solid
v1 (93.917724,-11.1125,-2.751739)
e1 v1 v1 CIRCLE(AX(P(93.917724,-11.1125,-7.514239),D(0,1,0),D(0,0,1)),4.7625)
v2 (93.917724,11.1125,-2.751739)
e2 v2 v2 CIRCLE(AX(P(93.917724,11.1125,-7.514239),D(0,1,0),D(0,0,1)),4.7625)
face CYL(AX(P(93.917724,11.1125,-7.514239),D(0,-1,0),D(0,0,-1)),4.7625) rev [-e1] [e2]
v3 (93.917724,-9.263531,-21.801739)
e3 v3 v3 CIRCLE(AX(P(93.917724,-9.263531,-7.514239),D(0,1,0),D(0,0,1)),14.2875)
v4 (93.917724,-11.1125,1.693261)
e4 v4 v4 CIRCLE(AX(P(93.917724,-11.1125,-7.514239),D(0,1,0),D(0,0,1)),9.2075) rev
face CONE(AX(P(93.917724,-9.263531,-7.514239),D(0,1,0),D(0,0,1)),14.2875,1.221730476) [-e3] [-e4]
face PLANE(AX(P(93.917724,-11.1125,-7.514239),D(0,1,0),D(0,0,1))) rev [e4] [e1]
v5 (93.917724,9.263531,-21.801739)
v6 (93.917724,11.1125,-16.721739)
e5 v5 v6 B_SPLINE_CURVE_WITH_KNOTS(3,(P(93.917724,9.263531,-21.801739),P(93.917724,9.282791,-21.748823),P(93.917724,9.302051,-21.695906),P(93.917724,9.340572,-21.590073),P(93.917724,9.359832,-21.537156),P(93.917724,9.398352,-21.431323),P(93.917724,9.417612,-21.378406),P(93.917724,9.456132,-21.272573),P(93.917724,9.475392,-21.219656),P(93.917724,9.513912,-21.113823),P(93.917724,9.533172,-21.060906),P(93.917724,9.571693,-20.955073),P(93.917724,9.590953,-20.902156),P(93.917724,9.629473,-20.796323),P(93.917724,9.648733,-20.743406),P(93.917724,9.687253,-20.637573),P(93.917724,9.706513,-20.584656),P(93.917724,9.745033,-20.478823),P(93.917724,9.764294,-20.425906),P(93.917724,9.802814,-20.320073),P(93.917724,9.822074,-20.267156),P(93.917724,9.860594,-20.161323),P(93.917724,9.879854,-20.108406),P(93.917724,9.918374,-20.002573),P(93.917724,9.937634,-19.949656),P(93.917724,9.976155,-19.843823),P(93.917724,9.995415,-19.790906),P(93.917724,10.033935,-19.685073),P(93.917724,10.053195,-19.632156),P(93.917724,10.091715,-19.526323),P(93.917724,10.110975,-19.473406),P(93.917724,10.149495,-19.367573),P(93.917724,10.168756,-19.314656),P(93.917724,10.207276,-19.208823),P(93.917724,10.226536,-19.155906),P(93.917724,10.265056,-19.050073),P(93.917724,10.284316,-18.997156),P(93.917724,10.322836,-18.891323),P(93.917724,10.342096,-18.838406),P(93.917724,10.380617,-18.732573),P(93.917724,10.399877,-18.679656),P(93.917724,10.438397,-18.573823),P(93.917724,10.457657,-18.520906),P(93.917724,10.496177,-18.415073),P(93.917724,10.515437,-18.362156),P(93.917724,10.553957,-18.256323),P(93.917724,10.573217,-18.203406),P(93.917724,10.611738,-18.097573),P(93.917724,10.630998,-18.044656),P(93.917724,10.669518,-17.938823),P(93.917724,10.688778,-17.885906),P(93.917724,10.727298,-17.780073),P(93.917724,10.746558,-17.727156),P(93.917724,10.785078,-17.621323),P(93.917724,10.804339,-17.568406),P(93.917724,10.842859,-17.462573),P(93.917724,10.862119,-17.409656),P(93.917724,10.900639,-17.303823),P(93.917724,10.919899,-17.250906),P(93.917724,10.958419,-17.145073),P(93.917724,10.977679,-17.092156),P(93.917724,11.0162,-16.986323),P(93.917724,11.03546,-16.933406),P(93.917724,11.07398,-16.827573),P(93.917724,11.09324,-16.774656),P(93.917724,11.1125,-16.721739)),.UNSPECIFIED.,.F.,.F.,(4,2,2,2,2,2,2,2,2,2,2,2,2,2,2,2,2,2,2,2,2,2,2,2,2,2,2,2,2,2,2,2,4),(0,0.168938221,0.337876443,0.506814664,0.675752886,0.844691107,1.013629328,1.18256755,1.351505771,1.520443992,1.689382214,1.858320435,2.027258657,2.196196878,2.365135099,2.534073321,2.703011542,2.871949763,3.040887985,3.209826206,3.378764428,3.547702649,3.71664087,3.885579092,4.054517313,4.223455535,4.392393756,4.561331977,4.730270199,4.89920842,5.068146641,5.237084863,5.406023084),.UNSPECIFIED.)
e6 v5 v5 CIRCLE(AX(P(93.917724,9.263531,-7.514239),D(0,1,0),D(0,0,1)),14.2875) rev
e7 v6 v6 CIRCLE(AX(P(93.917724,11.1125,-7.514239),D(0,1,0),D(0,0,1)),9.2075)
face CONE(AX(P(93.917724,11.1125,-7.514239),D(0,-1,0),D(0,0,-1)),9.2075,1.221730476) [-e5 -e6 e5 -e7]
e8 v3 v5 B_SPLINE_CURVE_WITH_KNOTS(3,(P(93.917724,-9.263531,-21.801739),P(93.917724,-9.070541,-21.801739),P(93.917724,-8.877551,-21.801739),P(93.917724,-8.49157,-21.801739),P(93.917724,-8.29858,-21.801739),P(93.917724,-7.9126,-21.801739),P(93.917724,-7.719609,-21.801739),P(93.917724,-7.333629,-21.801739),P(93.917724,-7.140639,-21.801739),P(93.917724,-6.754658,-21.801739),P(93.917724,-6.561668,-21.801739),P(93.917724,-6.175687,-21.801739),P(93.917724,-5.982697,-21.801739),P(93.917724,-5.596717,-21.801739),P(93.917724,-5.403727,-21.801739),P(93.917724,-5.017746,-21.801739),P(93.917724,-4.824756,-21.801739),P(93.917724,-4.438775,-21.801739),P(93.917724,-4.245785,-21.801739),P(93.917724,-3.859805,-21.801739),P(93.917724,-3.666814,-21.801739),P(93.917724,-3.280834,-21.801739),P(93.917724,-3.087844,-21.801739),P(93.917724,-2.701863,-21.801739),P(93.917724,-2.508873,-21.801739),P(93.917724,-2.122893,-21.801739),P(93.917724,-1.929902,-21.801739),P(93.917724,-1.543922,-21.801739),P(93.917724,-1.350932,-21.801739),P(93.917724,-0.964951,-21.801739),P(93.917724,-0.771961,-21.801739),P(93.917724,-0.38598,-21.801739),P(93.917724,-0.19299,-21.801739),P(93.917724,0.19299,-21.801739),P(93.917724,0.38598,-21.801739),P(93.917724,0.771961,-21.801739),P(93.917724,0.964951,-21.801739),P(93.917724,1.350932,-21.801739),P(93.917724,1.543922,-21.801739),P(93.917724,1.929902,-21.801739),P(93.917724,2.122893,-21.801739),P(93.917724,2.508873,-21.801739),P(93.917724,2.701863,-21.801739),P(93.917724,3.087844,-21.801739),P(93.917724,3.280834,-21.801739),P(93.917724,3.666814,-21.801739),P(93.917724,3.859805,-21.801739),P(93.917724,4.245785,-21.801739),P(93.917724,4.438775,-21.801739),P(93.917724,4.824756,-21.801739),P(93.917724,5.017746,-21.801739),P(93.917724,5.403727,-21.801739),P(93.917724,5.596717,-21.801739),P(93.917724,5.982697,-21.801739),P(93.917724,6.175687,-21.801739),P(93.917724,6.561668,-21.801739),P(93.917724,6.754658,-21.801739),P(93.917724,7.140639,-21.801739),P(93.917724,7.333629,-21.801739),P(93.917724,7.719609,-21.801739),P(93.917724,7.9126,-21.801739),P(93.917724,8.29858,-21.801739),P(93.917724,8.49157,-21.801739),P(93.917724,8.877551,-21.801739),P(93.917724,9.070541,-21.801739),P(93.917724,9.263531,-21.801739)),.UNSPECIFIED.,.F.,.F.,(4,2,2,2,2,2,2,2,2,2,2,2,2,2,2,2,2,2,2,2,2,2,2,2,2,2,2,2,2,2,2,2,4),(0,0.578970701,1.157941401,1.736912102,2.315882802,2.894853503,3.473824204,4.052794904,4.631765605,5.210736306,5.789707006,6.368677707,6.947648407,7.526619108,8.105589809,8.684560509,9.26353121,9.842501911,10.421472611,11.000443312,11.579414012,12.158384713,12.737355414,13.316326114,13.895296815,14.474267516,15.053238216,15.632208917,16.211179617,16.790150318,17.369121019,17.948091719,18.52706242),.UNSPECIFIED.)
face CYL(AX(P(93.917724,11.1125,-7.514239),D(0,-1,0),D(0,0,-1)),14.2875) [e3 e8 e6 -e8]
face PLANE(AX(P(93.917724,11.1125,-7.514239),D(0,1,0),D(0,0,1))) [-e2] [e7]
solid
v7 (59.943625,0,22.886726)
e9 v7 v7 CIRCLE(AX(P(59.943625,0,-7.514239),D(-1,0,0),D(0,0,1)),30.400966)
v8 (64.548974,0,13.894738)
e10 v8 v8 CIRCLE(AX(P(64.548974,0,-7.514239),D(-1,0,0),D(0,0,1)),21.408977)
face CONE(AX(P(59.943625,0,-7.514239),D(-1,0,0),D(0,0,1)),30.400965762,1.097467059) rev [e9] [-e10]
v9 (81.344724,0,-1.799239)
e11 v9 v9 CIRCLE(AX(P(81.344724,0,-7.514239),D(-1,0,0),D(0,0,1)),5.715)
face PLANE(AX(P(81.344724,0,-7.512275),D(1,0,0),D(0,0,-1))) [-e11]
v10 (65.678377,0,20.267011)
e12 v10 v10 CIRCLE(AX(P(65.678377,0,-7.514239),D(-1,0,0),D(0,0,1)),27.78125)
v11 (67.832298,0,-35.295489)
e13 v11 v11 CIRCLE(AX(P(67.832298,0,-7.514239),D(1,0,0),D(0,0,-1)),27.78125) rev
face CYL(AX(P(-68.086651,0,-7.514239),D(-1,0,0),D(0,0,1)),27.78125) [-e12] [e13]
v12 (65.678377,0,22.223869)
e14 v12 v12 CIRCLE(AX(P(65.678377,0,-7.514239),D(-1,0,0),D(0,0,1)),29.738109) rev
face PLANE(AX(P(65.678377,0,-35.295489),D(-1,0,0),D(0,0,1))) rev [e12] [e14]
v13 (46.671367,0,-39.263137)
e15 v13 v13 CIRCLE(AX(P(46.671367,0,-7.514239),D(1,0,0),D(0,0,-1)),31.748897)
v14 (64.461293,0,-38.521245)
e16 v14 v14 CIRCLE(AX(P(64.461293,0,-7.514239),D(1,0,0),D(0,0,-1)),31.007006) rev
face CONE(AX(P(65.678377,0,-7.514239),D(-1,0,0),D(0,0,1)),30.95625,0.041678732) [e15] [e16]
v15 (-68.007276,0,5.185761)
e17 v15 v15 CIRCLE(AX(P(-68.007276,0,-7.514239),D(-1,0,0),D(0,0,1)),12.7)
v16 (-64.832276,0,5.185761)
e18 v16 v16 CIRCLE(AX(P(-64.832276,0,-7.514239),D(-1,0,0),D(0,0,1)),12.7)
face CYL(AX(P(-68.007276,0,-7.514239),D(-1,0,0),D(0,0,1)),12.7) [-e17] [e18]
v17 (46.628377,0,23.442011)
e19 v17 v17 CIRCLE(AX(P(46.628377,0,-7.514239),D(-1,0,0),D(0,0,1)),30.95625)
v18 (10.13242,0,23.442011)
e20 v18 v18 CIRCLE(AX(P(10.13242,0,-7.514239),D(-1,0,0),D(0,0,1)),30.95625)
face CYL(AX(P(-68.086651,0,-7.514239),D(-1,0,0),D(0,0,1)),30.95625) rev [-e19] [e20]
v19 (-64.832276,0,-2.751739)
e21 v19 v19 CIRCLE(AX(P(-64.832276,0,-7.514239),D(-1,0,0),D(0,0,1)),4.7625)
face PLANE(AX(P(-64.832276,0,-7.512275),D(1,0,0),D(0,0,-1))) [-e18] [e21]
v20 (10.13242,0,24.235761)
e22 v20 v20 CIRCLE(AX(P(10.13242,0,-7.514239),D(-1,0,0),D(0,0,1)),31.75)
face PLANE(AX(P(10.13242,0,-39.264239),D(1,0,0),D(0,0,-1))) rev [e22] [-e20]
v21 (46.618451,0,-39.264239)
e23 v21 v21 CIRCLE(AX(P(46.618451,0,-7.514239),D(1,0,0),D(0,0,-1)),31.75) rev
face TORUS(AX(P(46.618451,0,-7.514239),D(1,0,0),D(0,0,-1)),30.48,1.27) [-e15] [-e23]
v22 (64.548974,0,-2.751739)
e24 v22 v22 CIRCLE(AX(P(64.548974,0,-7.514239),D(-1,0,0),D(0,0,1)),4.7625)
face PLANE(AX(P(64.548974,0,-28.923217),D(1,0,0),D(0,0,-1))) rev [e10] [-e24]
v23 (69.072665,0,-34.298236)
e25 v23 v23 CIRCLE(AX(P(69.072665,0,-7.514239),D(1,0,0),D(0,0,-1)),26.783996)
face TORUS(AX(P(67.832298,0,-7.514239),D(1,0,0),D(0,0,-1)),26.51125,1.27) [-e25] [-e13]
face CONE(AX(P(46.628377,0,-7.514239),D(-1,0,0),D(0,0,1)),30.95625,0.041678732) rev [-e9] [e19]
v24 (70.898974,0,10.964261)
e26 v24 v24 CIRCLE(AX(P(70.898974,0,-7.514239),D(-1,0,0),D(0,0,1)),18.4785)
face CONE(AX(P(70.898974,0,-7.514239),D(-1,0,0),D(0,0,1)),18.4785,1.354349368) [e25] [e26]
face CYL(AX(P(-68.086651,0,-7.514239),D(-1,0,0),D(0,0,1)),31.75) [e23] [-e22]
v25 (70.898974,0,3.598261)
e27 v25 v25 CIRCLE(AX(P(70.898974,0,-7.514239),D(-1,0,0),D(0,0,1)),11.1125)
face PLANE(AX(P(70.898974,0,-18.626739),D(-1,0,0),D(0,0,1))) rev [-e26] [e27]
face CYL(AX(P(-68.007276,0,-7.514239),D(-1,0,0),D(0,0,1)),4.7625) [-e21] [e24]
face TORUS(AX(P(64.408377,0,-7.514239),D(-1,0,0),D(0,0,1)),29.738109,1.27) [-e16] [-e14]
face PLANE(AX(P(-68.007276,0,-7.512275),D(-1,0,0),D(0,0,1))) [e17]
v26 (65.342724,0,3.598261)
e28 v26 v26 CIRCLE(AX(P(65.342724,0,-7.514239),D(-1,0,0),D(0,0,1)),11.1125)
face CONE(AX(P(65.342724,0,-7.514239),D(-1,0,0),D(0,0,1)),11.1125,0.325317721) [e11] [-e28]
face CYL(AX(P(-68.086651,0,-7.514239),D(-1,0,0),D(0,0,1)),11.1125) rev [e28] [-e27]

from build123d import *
from OCP.BRepFilletAPI import BRepFilletAPI_MakeChamfer

# Parameters (mm, degrees)
SKETCH2_R           = 14.2875
SKETCH2_R_2         = 4.7625
BOSS_EXTRUDE1_DEPTH = 11.1125
CHAMFER1_SIZE       = 5.08
CHAMFER1_SIZE2      = 1.84896879
FILLET1_R           = 1.27


with BuildPart() as part:
    # Sketch1 → Revolve1 (revolve)
    with BuildSketch(Plane(origin=(0, 0, 0), x_dir=(1, 0, 0), z_dir=(0, 1, 0)), mode=Mode.PRIVATE) as revolve1_sk:
        Polygon((-68.007276158, 20.214239498), (-68.007276158, 7.514239498), (81.344723842, 7.514239498), (81.344723842, 13.229239498), (65.342723842, 18.626739498), (65.342723842, 12.276739498), (-64.832276158, 12.276739498), (-64.832276158, 20.214239498), align=None)
    revolve(revolve1_sk.sketch.rotate(Axis((-68.007276158, 0, -7.514239498), (1, 0, 0)), 180), axis=Axis((-68.007276158, 0, -7.514239498), (1, 0, 0)))

    # Sketch3 → Revolve2 (revolve)
    with BuildSketch(Plane(origin=(0, 0, 0), x_dir=(1, 0, 0), z_dir=(0, 1, 0)), mode=Mode.PRIVATE) as revolve2_sk:
        Polygon((65.342723842, 12.276739498), (65.342723842, 18.626739498), (70.898973842, 18.626739498), (70.898973842, 25.992739498), (68.853376756, 35.295489498), (65.678376756, 35.295489498), (65.678376756, 38.470489498), (46.644920398, 39.264239498), (10.132420398, 39.264239498), (10.132420398, 38.470489498), (46.628376756, 38.470489498), (59.943625033, 37.915205259), (64.548973842, 28.923216622), (64.548973842, 12.276739498), align=None)
        Polygon((64.548973842, 2.751739498), (65.342723842, 2.751739498), (65.342723842, -3.598260502), (70.898973842, -3.598260502), (70.898973842, -10.964260502), (68.853376756, -20.267010502), (65.678376756, -20.267010502), (65.678376756, -23.442010502), (46.644920398, -24.235760502), (10.132420398, -24.235760502), (10.132420398, -23.442010502), (46.628376756, -23.442010502), (59.943625033, -22.886726264), (64.548973842, -13.894737626), align=None)
    revolve(revolve2_sk.sketch.rotate(Axis((-68.086651194, 0, -7.514239498), (1, 0, 0)), 180), axis=Axis((-68.086651194, 0, -7.514239498), (1, 0, 0)))

    # Fillet1
    fillet1_edges = [part.edges().sort_by_distance(p)[0] for p in [
        (68.853376756, 0, -35.295489498),
        (65.678376756, 0, -38.470489498),
        (46.644920398, 0, -39.264239498),
    ]]
    fillet(fillet1_edges, radius=FILLET1_R)


with BuildPart() as body_2:
    # Sketch2 → Boss-Extrude1 (new, symmetric)
    with BuildSketch(Plane(origin=(0, 0, 0), x_dir=(1, 0, 0), z_dir=(0, 1, 0))):
        with Locations(Location((93.917723842, 7.514239498, 0), (0, 0, 270))):
            Circle(SKETCH2_R)
        with Locations(Location((93.917723842, 7.514239498, 0), (0, 0, 270))):
            Circle(SKETCH2_R_2, mode=Mode.SUBTRACT)
    extrude(amount=BOSS_EXTRUDE1_DEPTH, both=True)

    # Chamfer1: one chamfer whose edges measure the first distance from different faces: ONE call of the kernel's chamfer builder (chamfer() names one face for all edges)
    chamfer1_edges_1 = [body_2.edges().sort_by_distance(p)[0] for p in [
        (93.917723842, -11.1125, -21.801739498),
    ]]
    chamfer1_side_1 = [body_2.faces().sort_by_distance(p)[0] for p in [
        (93.917723842, -11.1125, -21.397627972),
    ]]
    chamfer1_edges_2 = [body_2.edges().sort_by_distance(p)[0] for p in [
        (93.917723842, 11.1125, -21.801739498),
    ]]
    chamfer1_side_2 = [body_2.faces().sort_by_distance(p)[0] for p in [
        (93.917723842, 11.1125, -21.397627972),
    ]]
    chamfer1 = BRepFilletAPI_MakeChamfer(body_2.part.solid().wrapped)
    for e in chamfer1_edges_1:
        chamfer1.Add(CHAMFER1_SIZE, CHAMFER1_SIZE2, e.wrapped, chamfer1_side_1[0].wrapped)  # the first distance lies on this face
    for e in chamfer1_edges_2:
        chamfer1.Add(CHAMFER1_SIZE, CHAMFER1_SIZE2, e.wrapped, chamfer1_side_2[0].wrapped)  # the first distance lies on this face
    add(Compound.cast(chamfer1.Shape()), mode=Mode.REPLACE)


solid = Compound([part.part, body_2.part])
